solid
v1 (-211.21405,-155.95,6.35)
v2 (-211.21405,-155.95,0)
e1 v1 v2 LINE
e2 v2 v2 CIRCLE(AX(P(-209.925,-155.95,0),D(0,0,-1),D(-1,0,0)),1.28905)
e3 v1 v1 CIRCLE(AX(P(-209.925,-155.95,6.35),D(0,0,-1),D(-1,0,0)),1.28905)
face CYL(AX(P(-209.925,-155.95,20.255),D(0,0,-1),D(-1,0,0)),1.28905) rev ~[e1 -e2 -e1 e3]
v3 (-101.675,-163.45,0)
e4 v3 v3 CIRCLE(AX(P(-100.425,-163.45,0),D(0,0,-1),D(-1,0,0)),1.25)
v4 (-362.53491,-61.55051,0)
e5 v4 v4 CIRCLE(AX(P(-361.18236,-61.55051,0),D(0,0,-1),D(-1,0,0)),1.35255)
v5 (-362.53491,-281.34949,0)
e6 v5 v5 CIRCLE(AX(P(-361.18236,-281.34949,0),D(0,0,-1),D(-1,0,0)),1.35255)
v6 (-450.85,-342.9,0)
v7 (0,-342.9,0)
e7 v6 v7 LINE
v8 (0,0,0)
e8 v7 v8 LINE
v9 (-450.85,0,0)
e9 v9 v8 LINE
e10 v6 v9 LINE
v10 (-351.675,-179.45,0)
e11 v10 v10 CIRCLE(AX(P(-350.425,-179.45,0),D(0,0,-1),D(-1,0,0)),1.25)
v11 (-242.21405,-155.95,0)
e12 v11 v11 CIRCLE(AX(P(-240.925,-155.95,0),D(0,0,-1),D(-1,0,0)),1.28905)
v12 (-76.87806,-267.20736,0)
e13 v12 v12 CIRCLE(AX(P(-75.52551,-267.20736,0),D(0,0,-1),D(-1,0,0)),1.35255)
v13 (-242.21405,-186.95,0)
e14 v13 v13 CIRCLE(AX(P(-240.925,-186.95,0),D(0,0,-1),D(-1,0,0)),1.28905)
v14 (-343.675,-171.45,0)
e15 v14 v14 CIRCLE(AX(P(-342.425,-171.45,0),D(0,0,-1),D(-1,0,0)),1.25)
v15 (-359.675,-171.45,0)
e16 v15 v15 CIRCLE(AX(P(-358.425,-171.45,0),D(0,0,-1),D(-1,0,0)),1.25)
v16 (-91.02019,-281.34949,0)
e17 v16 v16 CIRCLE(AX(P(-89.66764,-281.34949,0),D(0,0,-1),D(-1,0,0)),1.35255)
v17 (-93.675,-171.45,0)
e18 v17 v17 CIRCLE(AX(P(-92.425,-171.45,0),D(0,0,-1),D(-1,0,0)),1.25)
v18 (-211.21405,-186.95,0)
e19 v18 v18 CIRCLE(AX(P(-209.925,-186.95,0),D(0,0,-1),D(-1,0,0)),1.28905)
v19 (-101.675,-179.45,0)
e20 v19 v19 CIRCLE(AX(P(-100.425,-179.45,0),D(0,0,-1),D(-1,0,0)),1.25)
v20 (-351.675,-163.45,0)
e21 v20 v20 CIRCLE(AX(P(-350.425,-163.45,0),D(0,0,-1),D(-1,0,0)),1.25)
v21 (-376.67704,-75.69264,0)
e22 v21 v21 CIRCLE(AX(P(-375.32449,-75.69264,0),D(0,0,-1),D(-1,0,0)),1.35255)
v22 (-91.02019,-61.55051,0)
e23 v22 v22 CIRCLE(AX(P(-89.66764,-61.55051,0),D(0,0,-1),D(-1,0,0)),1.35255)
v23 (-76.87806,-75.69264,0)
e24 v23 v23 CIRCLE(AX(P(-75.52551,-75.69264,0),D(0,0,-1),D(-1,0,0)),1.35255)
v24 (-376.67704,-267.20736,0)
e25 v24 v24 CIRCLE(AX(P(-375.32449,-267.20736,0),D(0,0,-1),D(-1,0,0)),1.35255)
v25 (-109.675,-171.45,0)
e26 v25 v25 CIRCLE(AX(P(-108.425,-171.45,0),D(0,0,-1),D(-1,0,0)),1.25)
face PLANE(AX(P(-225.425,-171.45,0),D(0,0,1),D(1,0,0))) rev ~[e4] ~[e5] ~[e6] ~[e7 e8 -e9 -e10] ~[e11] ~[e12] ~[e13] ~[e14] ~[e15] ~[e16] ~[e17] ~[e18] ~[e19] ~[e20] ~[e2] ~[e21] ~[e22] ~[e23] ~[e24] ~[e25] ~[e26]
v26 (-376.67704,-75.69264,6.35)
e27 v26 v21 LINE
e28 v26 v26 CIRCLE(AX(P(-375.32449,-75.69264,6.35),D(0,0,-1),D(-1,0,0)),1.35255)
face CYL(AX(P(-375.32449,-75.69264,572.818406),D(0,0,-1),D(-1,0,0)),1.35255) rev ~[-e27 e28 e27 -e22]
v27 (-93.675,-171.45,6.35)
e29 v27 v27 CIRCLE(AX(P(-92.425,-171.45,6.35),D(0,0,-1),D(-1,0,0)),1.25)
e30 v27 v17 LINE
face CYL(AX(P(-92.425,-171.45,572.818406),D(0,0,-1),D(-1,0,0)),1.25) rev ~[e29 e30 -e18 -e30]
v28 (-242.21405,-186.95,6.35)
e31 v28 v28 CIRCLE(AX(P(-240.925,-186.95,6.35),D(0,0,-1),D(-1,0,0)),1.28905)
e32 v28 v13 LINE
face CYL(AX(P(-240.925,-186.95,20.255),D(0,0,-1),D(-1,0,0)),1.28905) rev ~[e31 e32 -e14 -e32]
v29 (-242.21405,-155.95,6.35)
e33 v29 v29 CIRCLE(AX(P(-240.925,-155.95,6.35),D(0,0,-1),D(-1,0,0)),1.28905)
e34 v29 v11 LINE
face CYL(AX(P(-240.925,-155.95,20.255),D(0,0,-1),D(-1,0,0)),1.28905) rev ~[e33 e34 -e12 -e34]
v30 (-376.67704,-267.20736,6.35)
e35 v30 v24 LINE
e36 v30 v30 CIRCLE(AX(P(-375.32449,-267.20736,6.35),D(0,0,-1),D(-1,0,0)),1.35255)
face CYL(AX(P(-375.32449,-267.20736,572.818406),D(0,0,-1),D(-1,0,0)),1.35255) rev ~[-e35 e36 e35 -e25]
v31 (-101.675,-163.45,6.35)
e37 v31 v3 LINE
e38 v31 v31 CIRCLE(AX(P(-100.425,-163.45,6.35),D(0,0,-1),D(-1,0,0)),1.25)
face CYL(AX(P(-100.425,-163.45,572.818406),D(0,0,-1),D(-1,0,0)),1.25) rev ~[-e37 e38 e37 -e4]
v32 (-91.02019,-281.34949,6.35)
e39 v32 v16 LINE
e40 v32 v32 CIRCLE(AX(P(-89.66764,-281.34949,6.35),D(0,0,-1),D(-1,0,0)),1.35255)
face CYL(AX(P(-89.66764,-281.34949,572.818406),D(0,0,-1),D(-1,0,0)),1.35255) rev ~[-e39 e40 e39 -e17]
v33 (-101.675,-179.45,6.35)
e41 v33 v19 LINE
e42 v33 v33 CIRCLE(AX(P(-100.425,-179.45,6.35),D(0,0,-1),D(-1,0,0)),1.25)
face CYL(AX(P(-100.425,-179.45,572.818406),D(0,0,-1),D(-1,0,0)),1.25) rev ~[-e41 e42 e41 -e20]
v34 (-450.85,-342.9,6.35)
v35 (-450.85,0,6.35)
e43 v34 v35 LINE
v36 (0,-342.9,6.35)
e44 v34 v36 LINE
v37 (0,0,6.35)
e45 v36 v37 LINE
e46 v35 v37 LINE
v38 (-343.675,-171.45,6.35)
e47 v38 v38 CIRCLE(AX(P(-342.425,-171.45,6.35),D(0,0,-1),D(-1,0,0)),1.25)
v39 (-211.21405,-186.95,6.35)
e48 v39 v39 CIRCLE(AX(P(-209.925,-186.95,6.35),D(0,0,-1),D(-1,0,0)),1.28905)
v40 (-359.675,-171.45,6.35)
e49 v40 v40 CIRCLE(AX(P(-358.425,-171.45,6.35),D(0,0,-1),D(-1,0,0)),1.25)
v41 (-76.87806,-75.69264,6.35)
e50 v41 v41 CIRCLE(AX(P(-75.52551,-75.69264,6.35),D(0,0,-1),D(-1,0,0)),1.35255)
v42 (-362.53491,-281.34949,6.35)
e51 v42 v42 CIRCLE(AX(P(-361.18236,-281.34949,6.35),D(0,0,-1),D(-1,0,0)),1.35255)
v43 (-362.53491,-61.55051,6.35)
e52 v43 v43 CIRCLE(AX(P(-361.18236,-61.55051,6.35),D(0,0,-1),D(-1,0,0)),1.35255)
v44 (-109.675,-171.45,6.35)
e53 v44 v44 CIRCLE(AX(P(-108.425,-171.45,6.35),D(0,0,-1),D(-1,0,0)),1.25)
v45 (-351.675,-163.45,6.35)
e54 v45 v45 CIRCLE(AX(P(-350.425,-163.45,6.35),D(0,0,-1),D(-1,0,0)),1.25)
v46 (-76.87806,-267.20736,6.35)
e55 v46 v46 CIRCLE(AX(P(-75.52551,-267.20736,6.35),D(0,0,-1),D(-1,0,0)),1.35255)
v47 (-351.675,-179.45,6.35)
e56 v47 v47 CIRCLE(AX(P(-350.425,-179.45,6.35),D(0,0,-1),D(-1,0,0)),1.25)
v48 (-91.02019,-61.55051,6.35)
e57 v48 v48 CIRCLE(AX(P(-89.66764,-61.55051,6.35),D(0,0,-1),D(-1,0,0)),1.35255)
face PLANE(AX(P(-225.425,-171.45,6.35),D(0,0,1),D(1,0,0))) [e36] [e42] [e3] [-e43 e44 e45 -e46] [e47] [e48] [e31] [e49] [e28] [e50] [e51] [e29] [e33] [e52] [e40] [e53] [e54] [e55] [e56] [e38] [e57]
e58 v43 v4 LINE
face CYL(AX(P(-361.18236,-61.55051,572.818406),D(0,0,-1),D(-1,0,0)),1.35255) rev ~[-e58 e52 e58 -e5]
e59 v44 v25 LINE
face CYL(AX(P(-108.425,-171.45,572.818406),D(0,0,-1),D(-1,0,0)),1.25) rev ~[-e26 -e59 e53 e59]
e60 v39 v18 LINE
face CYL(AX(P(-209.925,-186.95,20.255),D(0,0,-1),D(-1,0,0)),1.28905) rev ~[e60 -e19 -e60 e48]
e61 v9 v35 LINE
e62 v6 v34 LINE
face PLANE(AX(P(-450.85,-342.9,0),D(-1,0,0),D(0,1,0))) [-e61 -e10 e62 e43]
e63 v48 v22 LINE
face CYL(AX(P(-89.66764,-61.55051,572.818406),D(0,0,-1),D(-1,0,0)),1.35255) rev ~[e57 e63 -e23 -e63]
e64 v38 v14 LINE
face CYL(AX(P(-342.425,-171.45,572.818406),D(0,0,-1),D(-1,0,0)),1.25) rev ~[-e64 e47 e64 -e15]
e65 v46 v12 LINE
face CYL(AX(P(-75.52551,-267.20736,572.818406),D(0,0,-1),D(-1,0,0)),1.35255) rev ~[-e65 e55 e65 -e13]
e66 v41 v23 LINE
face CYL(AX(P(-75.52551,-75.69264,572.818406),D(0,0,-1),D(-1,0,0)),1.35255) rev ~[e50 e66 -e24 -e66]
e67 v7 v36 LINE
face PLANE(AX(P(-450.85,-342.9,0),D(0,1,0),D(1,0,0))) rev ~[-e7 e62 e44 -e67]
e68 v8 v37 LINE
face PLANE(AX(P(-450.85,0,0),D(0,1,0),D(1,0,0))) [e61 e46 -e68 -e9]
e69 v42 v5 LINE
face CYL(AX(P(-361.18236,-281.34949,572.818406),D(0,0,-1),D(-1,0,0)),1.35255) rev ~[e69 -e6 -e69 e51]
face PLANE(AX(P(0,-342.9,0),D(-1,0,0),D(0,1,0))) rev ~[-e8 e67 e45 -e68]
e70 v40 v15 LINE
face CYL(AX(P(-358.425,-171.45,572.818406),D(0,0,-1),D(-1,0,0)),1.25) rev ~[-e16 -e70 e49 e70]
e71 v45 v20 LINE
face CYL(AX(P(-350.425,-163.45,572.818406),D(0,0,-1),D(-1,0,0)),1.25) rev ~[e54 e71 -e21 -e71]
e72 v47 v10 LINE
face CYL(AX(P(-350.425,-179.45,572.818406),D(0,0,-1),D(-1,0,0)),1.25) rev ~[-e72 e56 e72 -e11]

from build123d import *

# Parameters (mm, degrees)
F0_W     = 450.85
F0_H     = 342.9
F1_DEPTH = 6.35
F3_D     = 2.5781
F3_DEPTH = 13.905
F3_TIP   = 0.774539381
F4_D     = 2.5
F5_D     = 2.5
F6_D     = 2.7051


with BuildPart() as f1:
    # F0 (on Top) → F1 (new body)
    with BuildSketch(Plane.XY):
        with Locations((-225.425, -171.45)):
            Rectangle(F0_W, F0_H)
    extrude(amount=F1_DEPTH)

    # F3
    with Locations(Plane.XY.offset(6.35)):
        with Locations((-240.925, -155.95), (-209.925, -155.95), (-209.925, -186.95), (-240.925, -186.95)):
            Hole(F3_D / 2, depth=F3_DEPTH)
            with Locations((0, 0, -(F3_DEPTH + F3_TIP / 2))):  # 118° drill point
                Cone(0, F3_D / 2, F3_TIP, mode=Mode.SUBTRACT)

    # F4 (through all)
    with Locations(Plane.XY.offset(6.35)):
        with Locations((-342.425, -171.45), (-358.425, -171.45), (-350.425, -163.45), (-350.425, -179.45)):
            Hole(F4_D / 2)

    # F5 (through all)
    with Locations(Plane.XY.offset(6.35)):
        with Locations((-100.425, -163.45), (-108.425, -171.45), (-100.425, -179.45), (-92.425, -171.45)):
            Hole(F5_D / 2)

    # F6 (through all)
    with Locations(Plane.XY.offset(6.35)):
        with Locations((-361.18236, -61.55051), (-375.32449, -75.69264), (-89.66764, -61.55051), (-75.52551, -75.69264), (-75.52551, -267.20736), (-89.66764, -281.34949), (-361.18236, -281.34949), (-375.32449, -267.20736)):
            Hole(F6_D / 2)


solid = f1.part
